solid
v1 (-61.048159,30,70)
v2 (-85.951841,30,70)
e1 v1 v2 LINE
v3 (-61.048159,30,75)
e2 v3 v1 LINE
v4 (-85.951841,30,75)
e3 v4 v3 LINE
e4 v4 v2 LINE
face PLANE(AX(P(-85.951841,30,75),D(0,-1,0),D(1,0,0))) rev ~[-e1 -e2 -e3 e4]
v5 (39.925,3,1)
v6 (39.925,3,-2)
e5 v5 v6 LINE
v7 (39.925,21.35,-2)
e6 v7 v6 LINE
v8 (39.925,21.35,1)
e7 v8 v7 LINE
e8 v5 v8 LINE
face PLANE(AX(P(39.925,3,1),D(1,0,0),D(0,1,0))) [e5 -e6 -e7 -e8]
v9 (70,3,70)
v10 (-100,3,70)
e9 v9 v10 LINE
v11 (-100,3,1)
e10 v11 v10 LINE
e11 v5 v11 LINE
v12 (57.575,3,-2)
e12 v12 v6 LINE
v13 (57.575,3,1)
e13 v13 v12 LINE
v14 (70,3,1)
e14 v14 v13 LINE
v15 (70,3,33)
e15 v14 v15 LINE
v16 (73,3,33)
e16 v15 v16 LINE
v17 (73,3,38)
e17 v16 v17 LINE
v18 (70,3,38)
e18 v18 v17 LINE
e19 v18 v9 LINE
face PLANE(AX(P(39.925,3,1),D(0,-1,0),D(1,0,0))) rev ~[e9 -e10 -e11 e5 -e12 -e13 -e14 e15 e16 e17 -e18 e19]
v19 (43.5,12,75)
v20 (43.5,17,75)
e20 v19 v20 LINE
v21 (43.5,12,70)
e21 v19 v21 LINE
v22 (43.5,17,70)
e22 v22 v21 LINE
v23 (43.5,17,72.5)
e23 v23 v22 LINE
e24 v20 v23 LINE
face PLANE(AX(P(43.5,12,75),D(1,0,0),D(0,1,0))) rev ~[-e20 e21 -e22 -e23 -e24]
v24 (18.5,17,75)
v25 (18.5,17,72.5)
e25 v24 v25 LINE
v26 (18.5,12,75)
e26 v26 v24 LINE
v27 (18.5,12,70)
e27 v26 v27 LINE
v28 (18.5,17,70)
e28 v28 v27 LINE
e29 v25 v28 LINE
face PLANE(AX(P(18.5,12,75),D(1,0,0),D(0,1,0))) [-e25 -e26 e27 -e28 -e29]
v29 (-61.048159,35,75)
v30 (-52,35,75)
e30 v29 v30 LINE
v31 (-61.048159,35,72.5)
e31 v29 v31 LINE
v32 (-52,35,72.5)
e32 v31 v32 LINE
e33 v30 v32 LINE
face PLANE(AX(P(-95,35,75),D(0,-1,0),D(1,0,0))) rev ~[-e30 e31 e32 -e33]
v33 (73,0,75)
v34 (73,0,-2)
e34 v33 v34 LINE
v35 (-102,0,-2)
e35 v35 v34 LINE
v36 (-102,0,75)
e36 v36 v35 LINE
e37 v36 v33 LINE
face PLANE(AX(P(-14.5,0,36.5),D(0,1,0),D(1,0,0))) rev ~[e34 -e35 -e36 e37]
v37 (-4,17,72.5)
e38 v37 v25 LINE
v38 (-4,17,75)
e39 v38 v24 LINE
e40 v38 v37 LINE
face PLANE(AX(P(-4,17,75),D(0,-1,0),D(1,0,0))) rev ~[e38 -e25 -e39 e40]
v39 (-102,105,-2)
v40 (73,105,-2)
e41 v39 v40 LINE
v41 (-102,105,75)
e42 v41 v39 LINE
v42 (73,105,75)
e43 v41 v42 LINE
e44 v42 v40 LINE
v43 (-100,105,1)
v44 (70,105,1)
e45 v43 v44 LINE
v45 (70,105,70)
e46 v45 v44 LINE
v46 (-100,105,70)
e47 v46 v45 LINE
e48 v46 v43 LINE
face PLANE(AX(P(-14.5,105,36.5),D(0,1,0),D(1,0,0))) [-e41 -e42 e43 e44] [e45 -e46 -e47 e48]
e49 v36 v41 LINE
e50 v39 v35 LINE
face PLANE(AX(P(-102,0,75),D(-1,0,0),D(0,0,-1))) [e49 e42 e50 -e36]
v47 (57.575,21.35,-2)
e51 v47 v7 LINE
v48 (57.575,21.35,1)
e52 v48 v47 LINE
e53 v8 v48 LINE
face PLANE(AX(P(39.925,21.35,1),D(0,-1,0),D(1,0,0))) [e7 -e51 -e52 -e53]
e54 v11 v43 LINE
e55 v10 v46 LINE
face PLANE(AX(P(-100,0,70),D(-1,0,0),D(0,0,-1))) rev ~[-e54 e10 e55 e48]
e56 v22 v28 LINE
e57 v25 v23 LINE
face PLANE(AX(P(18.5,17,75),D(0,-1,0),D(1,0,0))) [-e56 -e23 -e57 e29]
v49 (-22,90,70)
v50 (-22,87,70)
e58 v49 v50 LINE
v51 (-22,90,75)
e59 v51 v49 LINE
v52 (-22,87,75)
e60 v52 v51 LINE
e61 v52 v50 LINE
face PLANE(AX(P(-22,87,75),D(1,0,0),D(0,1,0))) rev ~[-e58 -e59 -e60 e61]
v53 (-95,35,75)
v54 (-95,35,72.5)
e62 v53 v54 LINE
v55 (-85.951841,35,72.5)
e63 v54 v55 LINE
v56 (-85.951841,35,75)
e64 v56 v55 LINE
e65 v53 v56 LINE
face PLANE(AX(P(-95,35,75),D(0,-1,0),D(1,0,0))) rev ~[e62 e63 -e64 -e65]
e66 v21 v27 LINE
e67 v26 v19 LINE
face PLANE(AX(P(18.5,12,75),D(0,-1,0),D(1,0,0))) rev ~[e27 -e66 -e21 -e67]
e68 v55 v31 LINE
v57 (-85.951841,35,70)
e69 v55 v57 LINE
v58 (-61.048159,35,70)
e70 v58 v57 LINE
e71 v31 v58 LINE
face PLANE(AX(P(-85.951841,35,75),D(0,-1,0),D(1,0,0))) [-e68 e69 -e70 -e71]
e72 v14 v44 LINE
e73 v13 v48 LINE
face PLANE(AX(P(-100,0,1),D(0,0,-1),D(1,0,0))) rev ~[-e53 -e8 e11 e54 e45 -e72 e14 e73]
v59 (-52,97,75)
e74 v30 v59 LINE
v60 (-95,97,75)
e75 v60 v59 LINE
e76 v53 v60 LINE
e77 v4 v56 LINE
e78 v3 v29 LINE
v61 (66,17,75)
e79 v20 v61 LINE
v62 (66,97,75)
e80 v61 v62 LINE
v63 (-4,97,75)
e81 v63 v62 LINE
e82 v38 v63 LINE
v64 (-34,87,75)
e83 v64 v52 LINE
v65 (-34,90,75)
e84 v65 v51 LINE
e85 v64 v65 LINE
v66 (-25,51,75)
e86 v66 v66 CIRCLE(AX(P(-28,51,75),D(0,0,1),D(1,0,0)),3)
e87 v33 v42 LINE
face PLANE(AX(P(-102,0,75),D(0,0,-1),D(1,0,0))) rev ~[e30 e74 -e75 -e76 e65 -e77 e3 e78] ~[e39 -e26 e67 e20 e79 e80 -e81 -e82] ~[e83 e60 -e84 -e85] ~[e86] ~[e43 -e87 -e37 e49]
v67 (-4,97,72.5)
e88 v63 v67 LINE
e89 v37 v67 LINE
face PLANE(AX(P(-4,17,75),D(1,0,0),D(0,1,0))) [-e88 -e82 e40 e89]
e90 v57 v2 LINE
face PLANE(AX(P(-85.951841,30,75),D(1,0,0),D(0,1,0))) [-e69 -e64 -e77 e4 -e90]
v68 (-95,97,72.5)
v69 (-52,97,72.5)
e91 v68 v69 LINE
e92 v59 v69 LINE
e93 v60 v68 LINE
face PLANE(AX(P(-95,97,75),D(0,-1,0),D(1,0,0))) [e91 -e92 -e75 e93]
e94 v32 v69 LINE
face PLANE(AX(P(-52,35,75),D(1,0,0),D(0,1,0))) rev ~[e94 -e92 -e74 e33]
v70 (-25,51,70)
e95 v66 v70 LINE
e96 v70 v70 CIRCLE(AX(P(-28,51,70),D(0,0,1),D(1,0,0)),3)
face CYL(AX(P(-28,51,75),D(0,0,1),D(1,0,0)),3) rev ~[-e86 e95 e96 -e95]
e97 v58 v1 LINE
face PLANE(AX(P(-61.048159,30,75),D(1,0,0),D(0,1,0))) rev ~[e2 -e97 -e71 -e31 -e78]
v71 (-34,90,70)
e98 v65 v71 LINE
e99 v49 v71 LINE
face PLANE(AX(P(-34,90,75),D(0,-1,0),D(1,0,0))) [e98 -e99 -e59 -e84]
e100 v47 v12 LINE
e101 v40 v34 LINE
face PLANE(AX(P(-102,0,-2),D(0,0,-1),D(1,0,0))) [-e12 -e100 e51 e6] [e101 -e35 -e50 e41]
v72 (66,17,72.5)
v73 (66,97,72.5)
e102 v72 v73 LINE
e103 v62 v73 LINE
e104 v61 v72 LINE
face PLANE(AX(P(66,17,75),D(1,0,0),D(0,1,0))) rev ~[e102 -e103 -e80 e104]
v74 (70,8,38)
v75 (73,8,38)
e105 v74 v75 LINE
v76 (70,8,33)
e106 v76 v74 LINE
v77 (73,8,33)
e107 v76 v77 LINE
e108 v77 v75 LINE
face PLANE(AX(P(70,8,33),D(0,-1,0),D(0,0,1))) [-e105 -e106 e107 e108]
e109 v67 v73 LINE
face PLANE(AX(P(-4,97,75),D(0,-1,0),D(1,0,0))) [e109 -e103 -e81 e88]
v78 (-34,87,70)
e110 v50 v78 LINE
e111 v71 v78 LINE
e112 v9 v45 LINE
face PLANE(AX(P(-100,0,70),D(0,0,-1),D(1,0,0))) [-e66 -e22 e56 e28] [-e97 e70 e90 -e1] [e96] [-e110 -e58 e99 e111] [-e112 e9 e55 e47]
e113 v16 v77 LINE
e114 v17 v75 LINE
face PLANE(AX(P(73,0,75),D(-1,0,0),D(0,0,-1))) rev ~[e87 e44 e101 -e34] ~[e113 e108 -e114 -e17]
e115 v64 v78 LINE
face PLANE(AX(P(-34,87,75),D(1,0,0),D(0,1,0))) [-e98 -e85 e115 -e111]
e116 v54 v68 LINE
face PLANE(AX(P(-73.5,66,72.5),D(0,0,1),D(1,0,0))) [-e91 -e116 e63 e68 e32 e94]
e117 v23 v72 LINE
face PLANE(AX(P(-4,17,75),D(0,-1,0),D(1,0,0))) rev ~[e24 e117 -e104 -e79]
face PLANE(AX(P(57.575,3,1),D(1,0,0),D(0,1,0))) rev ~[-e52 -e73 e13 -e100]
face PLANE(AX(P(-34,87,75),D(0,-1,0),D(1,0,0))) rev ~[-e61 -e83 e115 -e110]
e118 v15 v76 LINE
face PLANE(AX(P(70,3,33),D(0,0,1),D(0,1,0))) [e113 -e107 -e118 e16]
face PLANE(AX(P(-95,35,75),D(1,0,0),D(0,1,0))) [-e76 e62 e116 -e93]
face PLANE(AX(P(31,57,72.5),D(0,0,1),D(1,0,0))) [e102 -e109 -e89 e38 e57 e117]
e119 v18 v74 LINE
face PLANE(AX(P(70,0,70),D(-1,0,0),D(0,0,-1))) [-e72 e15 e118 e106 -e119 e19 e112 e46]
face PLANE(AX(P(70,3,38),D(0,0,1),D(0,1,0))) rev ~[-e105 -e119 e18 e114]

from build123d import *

# Parameters (mm, degrees)
SKETCH1_W           = 175
SKETCH1_H           = 77
SKETCH1_W_2         = 170
SKETCH1_H_2         = 69
BOSS_EXTRUDE1_DEPTH = 105
SKETCH2_W           = 175
SKETCH2_H           = 77
BOSS_EXTRUDE2_DEPTH = 3
SKETCH3_W           = 70
SKETCH3_H           = 80
SKETCH3_W_2         = 43
SKETCH3_H_2         = 62
CUT_EXTRUDE1_DEPTH  = 2.5
SKETCH4_W           = 12
SKETCH4_H           = 3
SKETCH4_W_2         = 24.903681778
SKETCH4_H_2         = 5
SKETCH4_W_3         = 25
SKETCH4_R           = 3
CUT_EXTRUDE2_DEPTH  = 12.5
SKETCH5_W           = 17.65
SKETCH5_H           = 18.35
CUT_EXTRUDE3_DEPTH  = 10
SKETCH6_W           = 5
SKETCH6_H           = 5
CUT_EXTRUDE4_DEPTH  = 10


with BuildPart() as part:
    # Sketch1 → Boss-Extrude1 (new body)
    with BuildSketch(Plane(origin=(0, 0, 0), x_dir=(1, 0, 0), z_dir=(0, 1, 0))):
        with Locations((-14.5, -36.5)):
            Rectangle(SKETCH1_W, SKETCH1_H)
        with Locations((-15, -35.5)):
            Rectangle(SKETCH1_W_2, SKETCH1_H_2, mode=Mode.SUBTRACT)
    extrude(amount=BOSS_EXTRUDE1_DEPTH)

    # Sketch2 → Boss-Extrude2 (add)
    with BuildSketch(Plane(origin=(0, 0, 0), x_dir=(-1, 0, 0), z_dir=(0, -1, 0))):
        with Locations((14.5, -36.5)):
            Rectangle(SKETCH2_W, SKETCH2_H)
    extrude(amount=-BOSS_EXTRUDE2_DEPTH)

    # Sketch3 → Cut-Extrude1 (cut)
    with BuildSketch(Plane.XY.offset(75)):
        with Locations((31, 57)):
            Rectangle(SKETCH3_W, SKETCH3_H)
        with Locations((-73.5, 66)):
            Rectangle(SKETCH3_W_2, SKETCH3_H_2)
    extrude(amount=-CUT_EXTRUDE1_DEPTH, mode=Mode.SUBTRACT)

    # Sketch4 → Cut-Extrude2 (cut)
    with BuildSketch(Plane.XY.offset(75)):
        with Locations((-28, 88.5)):
            Rectangle(SKETCH4_W, SKETCH4_H)
        with Locations((-73.5, 32.5)):
            Rectangle(SKETCH4_W_2, SKETCH4_H_2)
        with Locations((31, 14.5)):
            Rectangle(SKETCH4_W_3, SKETCH4_H_2)
        with Locations((-28, 51)):
            Circle(SKETCH4_R)
    extrude(amount=-CUT_EXTRUDE2_DEPTH, mode=Mode.SUBTRACT)

    # Sketch5 → Cut-Extrude3 (cut)
    with BuildSketch(Plane.XY.offset(1)):
        with Locations((48.75, 12.175)):
            Rectangle(SKETCH5_W, SKETCH5_H)
    extrude(amount=-CUT_EXTRUDE3_DEPTH, mode=Mode.SUBTRACT)

    # Sketch6 → Cut-Extrude4 (cut)
    with BuildSketch(Plane.ZY.offset(-70)):
        with Locations((35.5, 5.5)):
            Rectangle(SKETCH6_W, SKETCH6_H)
    extrude(amount=-CUT_EXTRUDE4_DEPTH, mode=Mode.SUBTRACT)


solid = part.part
